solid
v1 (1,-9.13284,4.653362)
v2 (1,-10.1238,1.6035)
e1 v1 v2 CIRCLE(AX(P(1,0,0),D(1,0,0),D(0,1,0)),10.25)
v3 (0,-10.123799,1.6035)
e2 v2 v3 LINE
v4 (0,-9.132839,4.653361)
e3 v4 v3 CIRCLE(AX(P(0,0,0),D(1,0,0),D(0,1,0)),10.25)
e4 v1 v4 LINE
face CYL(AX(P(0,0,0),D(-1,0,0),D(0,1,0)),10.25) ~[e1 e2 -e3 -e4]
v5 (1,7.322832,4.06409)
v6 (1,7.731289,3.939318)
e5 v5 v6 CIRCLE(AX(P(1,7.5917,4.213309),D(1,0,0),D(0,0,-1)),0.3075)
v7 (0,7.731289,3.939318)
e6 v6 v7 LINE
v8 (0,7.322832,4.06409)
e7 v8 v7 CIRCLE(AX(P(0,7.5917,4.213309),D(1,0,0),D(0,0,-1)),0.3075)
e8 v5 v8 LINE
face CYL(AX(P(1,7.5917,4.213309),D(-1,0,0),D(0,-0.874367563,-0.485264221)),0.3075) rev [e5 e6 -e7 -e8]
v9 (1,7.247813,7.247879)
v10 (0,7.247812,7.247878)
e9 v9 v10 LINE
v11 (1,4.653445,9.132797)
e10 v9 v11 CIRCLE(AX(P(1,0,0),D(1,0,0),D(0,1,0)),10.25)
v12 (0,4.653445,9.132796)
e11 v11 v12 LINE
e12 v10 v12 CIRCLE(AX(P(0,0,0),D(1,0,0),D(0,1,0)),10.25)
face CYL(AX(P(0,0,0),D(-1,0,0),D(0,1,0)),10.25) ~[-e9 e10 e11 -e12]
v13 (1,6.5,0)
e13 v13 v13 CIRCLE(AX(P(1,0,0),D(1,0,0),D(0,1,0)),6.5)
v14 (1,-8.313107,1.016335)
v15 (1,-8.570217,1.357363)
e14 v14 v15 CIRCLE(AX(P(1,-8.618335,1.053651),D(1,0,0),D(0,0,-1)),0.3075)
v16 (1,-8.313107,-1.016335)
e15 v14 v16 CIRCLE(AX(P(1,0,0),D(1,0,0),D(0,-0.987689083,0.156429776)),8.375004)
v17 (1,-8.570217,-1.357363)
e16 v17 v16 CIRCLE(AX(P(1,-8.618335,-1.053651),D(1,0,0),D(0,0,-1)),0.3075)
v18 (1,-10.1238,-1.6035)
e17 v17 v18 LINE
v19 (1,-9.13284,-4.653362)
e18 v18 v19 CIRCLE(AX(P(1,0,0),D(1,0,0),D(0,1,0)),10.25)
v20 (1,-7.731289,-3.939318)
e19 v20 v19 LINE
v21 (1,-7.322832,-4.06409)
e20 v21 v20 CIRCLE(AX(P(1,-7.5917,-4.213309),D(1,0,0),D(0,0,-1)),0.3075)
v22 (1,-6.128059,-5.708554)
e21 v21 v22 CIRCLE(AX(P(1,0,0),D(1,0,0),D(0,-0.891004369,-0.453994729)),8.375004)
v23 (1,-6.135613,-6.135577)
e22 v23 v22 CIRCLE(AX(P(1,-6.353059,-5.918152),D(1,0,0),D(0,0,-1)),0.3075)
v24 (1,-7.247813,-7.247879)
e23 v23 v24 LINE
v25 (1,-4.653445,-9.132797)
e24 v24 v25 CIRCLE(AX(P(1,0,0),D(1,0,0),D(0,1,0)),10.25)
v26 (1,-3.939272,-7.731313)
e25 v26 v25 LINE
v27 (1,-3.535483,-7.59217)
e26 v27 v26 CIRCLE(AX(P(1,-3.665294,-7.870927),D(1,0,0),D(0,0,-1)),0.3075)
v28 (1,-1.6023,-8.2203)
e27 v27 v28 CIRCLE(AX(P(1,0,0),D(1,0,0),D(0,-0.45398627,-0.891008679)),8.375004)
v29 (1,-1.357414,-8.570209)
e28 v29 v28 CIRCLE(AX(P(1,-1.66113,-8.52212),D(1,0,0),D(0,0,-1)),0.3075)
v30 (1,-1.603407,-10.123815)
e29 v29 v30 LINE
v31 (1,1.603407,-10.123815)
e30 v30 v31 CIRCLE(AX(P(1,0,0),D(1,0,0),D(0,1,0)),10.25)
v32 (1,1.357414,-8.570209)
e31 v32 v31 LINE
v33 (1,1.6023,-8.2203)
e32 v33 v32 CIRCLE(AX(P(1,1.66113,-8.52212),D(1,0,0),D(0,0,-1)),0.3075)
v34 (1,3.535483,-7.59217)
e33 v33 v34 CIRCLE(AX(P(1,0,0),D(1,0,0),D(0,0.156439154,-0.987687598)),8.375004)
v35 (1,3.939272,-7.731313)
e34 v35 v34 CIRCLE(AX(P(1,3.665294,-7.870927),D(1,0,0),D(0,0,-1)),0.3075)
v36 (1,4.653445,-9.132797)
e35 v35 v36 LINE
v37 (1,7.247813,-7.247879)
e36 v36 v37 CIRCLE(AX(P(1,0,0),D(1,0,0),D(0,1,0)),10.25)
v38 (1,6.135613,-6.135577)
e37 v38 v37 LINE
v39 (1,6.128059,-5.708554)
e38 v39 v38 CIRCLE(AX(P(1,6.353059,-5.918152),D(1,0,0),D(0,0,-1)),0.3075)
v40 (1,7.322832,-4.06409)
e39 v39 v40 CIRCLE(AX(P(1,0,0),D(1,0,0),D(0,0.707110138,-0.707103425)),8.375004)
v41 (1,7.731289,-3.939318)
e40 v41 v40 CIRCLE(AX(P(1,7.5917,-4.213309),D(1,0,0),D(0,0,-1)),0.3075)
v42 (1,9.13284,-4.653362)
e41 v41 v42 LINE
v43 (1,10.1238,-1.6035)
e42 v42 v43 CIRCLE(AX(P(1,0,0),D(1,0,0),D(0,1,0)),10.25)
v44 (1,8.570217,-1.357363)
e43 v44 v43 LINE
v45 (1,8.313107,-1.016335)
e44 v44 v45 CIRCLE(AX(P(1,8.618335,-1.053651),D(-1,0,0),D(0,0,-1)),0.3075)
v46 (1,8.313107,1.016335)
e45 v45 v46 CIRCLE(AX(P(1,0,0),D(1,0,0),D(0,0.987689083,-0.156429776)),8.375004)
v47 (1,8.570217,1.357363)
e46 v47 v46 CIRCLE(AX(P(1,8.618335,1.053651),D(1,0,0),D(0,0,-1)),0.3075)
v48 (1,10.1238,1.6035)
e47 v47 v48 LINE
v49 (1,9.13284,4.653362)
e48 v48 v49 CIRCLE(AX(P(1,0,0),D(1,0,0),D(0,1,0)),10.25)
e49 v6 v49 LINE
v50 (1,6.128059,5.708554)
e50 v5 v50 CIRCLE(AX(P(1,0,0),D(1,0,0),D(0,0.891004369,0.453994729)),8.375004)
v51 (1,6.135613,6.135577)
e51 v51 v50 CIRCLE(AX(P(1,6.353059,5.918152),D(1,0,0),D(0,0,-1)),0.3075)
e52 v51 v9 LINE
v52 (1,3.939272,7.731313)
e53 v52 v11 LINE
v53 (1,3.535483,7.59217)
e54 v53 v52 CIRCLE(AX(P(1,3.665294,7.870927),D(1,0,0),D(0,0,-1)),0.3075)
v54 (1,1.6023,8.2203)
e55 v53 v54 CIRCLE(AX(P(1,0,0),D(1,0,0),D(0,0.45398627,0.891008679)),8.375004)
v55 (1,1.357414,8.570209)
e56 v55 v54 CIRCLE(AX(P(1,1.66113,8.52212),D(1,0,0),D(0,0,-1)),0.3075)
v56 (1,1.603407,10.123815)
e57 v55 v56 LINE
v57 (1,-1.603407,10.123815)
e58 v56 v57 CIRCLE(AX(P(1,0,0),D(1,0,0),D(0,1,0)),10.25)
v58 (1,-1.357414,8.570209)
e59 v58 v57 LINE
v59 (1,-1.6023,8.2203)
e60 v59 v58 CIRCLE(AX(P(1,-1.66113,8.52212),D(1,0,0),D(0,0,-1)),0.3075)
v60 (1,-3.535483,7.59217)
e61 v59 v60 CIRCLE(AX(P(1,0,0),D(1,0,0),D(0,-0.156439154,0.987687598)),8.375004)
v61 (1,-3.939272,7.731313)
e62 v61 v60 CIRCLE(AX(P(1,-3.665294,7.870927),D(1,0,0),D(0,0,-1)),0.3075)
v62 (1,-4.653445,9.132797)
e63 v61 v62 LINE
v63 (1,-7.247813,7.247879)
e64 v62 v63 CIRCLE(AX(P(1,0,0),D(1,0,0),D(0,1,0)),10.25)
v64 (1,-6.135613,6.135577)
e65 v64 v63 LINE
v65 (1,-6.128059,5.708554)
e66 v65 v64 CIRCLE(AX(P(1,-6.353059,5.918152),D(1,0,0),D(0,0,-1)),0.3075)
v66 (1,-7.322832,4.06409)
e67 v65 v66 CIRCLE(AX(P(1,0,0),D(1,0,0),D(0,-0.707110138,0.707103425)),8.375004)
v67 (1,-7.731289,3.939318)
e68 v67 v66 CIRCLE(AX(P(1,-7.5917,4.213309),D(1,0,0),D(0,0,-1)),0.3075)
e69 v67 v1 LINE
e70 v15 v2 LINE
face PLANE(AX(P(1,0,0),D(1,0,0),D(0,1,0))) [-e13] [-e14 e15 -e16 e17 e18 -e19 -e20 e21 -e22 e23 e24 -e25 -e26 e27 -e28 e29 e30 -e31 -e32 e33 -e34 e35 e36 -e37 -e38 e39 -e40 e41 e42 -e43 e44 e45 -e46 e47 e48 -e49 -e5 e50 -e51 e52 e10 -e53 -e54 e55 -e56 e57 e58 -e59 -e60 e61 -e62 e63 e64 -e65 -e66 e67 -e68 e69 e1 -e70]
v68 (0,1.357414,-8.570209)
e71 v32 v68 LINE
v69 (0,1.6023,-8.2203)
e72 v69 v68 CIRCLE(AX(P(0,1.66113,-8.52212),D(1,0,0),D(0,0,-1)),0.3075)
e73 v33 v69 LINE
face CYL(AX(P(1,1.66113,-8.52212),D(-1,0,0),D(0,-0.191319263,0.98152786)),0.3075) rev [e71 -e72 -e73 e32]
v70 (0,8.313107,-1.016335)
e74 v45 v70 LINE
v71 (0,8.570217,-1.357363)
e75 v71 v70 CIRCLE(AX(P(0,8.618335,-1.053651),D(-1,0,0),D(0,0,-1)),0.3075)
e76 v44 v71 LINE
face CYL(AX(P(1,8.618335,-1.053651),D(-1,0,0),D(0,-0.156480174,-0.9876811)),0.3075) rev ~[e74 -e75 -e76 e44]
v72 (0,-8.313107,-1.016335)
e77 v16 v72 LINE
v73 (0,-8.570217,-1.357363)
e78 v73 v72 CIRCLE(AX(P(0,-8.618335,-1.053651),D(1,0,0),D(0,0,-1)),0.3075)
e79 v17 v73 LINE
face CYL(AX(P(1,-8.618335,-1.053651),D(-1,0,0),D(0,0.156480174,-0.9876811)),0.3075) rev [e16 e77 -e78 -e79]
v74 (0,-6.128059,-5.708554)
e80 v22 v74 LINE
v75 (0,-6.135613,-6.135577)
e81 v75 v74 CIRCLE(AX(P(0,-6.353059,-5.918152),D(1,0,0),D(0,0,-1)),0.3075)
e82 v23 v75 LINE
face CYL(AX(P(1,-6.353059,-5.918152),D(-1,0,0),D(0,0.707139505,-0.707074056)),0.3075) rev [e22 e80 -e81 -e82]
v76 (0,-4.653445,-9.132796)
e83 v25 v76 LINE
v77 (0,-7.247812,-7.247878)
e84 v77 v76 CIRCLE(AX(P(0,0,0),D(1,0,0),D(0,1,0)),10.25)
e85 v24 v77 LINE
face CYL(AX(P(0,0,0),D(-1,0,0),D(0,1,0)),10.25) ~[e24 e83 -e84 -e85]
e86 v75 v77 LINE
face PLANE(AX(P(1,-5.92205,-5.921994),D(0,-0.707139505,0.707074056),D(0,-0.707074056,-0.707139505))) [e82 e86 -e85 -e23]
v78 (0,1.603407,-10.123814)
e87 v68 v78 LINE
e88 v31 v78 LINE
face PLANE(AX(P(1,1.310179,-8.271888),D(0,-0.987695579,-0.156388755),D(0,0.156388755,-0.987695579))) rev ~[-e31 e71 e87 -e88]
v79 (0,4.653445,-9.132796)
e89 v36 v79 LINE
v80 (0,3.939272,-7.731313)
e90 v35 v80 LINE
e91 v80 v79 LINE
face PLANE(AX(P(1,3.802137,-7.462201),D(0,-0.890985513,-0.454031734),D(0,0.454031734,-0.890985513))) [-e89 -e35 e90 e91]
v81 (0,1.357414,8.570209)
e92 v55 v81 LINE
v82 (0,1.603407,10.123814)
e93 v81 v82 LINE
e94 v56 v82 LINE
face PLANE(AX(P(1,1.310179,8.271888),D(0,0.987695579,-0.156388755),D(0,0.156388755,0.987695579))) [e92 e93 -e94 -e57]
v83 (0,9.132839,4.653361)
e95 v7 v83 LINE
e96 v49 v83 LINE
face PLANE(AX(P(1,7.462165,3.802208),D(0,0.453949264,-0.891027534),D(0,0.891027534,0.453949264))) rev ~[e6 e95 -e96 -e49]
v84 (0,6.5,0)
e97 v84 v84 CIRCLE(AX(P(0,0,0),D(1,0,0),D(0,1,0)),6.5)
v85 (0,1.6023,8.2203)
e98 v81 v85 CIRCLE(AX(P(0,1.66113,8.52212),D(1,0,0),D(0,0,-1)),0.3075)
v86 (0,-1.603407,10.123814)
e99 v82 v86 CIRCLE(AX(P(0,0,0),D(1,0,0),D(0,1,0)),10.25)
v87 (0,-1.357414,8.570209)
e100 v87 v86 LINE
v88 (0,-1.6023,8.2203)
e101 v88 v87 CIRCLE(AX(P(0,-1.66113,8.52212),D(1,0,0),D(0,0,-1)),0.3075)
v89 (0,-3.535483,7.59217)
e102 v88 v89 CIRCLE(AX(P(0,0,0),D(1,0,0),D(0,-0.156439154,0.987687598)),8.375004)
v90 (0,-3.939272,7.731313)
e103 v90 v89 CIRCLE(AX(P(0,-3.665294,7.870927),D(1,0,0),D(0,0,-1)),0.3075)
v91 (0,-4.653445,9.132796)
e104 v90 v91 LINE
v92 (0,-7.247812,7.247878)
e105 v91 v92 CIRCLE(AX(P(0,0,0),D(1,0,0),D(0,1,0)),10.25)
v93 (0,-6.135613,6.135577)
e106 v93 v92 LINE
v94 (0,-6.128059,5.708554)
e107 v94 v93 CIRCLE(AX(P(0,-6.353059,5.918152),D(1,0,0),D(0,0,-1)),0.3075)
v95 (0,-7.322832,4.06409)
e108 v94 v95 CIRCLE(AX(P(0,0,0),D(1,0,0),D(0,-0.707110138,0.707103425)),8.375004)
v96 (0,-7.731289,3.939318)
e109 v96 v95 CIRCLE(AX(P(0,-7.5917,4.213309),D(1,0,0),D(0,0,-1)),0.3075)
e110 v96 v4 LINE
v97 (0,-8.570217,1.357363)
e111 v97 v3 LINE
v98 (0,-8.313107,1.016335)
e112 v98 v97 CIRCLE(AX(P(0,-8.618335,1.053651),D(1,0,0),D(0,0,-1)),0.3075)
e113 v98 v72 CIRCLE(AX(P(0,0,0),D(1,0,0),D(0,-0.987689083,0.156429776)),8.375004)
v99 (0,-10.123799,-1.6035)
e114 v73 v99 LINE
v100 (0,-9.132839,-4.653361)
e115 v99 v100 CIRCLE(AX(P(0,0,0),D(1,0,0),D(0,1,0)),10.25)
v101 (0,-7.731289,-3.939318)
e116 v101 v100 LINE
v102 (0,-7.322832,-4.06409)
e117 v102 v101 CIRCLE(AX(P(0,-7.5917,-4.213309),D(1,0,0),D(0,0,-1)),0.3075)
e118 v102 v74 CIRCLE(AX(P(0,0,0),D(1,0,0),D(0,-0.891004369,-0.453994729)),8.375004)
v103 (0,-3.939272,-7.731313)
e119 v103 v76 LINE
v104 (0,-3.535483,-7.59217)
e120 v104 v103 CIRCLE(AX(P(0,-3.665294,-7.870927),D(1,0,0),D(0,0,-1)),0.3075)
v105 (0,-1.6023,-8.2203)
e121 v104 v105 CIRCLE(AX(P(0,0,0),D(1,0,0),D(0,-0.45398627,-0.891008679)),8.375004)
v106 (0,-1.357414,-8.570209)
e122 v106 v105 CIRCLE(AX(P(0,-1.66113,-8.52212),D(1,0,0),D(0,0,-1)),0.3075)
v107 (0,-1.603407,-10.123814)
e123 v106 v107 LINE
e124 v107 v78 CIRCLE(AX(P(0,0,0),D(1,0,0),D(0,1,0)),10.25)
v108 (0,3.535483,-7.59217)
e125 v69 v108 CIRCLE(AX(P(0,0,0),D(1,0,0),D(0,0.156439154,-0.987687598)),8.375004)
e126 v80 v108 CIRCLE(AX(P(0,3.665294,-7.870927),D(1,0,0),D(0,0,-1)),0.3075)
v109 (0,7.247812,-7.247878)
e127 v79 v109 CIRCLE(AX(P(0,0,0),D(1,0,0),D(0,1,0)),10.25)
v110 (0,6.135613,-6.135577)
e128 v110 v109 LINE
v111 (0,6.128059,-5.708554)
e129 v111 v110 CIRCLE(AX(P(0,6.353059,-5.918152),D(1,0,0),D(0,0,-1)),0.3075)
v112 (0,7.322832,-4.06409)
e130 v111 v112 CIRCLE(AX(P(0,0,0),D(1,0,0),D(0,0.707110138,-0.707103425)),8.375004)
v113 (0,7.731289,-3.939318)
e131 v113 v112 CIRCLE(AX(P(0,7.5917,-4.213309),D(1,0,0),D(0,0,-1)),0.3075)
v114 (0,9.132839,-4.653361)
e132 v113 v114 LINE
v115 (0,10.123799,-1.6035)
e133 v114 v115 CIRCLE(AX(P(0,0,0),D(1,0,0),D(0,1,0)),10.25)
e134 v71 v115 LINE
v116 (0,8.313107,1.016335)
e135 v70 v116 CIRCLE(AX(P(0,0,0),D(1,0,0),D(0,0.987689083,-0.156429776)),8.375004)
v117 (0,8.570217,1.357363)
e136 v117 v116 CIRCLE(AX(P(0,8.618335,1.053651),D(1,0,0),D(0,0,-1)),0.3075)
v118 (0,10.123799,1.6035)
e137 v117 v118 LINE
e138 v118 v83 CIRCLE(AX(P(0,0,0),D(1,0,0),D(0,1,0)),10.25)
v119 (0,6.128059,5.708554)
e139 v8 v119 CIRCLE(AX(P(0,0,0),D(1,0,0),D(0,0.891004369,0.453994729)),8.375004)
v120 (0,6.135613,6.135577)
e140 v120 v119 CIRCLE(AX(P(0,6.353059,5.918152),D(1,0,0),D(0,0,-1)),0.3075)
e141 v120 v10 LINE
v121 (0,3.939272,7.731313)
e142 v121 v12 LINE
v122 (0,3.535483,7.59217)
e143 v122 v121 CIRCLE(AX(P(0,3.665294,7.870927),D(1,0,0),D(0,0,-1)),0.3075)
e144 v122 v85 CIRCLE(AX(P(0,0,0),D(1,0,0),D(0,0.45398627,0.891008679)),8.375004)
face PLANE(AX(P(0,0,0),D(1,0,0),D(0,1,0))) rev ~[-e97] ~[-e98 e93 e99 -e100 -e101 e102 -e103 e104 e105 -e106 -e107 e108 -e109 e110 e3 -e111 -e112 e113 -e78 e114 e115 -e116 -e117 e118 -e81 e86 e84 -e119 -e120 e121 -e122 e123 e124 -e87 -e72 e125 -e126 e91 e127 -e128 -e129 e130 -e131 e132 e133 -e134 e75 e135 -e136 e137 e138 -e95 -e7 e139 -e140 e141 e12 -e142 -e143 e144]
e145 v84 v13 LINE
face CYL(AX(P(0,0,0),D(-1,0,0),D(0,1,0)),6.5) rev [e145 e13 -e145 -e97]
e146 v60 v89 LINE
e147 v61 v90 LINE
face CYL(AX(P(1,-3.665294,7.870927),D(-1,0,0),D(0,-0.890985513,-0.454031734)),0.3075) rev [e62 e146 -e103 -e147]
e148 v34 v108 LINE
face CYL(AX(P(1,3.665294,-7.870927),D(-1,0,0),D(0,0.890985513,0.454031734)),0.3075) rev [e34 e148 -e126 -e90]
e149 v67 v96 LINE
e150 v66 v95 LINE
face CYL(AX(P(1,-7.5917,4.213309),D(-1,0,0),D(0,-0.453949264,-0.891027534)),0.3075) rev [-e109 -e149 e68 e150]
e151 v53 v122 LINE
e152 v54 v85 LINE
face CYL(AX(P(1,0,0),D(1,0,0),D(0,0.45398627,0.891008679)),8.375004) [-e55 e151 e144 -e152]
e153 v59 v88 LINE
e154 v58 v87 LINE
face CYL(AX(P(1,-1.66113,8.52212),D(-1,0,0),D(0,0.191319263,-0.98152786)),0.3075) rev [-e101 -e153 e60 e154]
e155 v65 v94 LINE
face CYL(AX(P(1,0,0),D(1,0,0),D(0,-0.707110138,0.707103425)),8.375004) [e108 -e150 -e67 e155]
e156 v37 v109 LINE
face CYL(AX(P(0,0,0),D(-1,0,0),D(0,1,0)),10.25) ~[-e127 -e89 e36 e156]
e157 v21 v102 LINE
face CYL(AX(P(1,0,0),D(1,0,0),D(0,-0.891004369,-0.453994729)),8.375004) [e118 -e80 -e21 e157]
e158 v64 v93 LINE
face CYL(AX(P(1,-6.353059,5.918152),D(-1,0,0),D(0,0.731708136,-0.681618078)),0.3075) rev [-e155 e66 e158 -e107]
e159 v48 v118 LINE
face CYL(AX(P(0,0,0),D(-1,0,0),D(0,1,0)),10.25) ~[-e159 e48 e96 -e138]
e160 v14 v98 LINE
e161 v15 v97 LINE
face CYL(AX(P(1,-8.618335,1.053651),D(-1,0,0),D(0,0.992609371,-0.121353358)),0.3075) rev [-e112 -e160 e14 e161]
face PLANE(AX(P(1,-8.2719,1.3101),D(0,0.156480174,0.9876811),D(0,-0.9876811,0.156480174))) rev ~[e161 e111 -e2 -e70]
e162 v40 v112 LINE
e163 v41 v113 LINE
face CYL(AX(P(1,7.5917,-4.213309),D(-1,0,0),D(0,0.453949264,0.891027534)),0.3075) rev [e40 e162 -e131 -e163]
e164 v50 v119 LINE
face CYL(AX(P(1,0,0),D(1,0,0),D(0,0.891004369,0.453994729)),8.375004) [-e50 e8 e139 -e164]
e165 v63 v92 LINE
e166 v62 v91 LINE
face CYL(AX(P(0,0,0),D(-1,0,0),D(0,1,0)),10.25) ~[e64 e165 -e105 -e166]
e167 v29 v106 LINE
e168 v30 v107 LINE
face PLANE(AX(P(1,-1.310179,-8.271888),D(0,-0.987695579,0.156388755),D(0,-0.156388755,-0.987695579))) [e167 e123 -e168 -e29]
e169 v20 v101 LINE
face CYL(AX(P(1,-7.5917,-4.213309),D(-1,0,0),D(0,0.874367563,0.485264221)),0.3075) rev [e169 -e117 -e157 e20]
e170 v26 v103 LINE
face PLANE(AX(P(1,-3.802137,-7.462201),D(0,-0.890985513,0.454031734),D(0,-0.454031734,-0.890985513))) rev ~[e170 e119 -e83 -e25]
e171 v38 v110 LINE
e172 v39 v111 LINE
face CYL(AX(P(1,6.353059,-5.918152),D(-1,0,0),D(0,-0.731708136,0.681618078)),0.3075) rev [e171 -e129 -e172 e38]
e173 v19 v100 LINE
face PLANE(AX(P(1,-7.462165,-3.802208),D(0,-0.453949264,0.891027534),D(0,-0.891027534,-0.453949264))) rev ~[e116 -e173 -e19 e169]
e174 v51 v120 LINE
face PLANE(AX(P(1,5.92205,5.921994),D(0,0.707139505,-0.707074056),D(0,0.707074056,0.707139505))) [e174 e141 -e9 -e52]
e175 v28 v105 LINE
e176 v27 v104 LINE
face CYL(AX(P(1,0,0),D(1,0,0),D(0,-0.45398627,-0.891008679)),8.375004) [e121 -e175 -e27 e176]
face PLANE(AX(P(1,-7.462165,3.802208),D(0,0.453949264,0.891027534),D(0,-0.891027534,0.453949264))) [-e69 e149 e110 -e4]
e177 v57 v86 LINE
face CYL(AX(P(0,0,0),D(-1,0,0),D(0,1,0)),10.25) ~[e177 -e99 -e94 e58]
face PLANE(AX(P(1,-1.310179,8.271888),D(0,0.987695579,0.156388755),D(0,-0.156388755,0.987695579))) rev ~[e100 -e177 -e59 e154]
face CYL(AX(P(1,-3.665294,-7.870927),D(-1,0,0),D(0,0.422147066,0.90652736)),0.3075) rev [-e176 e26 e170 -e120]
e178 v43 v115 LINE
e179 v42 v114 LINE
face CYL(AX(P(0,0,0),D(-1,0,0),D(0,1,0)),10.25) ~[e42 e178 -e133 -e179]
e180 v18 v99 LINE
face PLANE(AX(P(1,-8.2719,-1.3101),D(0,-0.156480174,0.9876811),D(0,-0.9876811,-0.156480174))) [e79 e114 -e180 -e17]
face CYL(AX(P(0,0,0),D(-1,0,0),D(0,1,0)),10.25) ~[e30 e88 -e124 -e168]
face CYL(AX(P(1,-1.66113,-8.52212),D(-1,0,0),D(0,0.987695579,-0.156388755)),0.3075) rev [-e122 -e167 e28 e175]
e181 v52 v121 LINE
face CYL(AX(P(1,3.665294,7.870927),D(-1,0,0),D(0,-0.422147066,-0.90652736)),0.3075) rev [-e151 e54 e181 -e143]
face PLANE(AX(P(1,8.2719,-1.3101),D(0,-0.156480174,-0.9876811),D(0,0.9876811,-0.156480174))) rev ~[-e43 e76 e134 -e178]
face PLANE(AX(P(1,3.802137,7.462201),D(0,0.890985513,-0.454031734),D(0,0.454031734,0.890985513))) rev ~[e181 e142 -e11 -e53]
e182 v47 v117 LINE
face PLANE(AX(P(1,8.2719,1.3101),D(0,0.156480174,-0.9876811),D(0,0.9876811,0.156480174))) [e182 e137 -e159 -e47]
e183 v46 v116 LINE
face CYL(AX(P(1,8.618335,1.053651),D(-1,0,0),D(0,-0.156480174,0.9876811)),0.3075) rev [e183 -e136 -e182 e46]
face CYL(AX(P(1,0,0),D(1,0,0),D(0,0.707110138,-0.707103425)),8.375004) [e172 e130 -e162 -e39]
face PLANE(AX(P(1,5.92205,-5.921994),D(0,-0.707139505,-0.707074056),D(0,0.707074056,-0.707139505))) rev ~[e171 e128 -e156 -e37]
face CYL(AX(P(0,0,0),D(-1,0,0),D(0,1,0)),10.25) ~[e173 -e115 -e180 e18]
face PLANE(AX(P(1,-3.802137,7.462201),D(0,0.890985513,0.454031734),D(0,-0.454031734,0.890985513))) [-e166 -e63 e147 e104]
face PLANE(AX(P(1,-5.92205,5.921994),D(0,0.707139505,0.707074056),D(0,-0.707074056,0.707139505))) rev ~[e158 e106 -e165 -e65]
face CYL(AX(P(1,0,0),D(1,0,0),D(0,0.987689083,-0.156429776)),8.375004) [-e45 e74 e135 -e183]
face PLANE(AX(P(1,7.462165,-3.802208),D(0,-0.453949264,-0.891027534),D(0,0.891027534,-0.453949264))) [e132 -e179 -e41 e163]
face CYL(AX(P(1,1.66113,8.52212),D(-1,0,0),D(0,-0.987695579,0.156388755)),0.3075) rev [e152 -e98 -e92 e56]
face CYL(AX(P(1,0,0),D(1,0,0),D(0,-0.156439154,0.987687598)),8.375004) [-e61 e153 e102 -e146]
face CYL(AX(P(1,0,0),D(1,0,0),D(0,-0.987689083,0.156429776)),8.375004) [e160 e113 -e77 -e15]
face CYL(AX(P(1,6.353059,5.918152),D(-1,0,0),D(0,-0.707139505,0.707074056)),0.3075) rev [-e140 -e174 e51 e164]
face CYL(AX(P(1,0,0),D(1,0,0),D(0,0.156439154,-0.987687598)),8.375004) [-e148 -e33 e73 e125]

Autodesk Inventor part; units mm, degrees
ref_plane "YZ Plane" through (0, 0, 0) normal (1, 0, 0) x (0, 1, 0)
ref_plane "XZ Plane" through (0, 0, 0) normal (0, 1, 0) x (-1, 0, 0)
sketch "Эскиз1" plane through (0, 0, 0) normal (1, 0, 0) x (0, 1, 0)
  circle A0 centre (0, 0) radius 10.25
  circle A1 centre (0, 0) radius 6.5
  dimension "d0" = 20.5
  dimension "d1" = 13
extrude "Базовый элемент" add sketch "Эскиз1" along normal blind 1
sketch "Эскиз2" plane through (1, 0, 0) normal (1, 0, 0) x (0, 0, -1)
  circle A0 centre (0, 0) radius 10.25 projected
  line L0 (0, 0) -> (0, 10.25) construction
  arc A1 (1.6035, 10.1238) -> (-1.6035, 10.1238) centre (0, 0) ccw
  arc A2 (1.3101, 8.2719) -> (-1.3101, 8.2719) centre (0, 0) ccw
  line L1 (-1.3101, 8.2719) -> (-1.6035, 10.1238)
  line L2 (1.3101, 8.2719) -> (1.6035, 10.1238)
  line L3 (-1.3101, 8.2719) -> (0, 0) construction
  line L4 (0, 0) -> (1.3101, 8.2719) construction
  dimension "d4" = 18
  dimension "d5" = 16.75
extrude "Вырез" cut sketch "Эскиз2" against normal through all contours L2 A2 L1 A0 picked at (0.1461, 9.6118)
fillet "Сопряжение1" radius 0.3075 2 edges at (0.5, 8.2719, 1.3101) (0.5, 8.2719, -1.3101)
pattern_circular "Вырезы" count 10 over 360 about axis through (0, 0, 0) along (1, 0, 0) of "Вырез", "Сопряжение1"
ref_plane "Work Plane1" through (0, 0, 0) normal (0, -1, 0) x (1, 0, 0)
equation "\"d0\" = SD2"
equation "\"d1\" = SD1"
equation "\"d2\" = SD"
equation "\"d5\" = 0.5 * SD2 + 0.5 * SD1"
equation "\"d6\" = SD"
equation "\"d8\" = 0.015 * SD2"
equation "\"SD\" = 1"
equation "\"SD1\" = 13"
equation "\"SD2\" = 20.5"
equation "\"NND\" = 12"
properties part number "DIN 6797 - A 13" material "Сталь, мягкая"
